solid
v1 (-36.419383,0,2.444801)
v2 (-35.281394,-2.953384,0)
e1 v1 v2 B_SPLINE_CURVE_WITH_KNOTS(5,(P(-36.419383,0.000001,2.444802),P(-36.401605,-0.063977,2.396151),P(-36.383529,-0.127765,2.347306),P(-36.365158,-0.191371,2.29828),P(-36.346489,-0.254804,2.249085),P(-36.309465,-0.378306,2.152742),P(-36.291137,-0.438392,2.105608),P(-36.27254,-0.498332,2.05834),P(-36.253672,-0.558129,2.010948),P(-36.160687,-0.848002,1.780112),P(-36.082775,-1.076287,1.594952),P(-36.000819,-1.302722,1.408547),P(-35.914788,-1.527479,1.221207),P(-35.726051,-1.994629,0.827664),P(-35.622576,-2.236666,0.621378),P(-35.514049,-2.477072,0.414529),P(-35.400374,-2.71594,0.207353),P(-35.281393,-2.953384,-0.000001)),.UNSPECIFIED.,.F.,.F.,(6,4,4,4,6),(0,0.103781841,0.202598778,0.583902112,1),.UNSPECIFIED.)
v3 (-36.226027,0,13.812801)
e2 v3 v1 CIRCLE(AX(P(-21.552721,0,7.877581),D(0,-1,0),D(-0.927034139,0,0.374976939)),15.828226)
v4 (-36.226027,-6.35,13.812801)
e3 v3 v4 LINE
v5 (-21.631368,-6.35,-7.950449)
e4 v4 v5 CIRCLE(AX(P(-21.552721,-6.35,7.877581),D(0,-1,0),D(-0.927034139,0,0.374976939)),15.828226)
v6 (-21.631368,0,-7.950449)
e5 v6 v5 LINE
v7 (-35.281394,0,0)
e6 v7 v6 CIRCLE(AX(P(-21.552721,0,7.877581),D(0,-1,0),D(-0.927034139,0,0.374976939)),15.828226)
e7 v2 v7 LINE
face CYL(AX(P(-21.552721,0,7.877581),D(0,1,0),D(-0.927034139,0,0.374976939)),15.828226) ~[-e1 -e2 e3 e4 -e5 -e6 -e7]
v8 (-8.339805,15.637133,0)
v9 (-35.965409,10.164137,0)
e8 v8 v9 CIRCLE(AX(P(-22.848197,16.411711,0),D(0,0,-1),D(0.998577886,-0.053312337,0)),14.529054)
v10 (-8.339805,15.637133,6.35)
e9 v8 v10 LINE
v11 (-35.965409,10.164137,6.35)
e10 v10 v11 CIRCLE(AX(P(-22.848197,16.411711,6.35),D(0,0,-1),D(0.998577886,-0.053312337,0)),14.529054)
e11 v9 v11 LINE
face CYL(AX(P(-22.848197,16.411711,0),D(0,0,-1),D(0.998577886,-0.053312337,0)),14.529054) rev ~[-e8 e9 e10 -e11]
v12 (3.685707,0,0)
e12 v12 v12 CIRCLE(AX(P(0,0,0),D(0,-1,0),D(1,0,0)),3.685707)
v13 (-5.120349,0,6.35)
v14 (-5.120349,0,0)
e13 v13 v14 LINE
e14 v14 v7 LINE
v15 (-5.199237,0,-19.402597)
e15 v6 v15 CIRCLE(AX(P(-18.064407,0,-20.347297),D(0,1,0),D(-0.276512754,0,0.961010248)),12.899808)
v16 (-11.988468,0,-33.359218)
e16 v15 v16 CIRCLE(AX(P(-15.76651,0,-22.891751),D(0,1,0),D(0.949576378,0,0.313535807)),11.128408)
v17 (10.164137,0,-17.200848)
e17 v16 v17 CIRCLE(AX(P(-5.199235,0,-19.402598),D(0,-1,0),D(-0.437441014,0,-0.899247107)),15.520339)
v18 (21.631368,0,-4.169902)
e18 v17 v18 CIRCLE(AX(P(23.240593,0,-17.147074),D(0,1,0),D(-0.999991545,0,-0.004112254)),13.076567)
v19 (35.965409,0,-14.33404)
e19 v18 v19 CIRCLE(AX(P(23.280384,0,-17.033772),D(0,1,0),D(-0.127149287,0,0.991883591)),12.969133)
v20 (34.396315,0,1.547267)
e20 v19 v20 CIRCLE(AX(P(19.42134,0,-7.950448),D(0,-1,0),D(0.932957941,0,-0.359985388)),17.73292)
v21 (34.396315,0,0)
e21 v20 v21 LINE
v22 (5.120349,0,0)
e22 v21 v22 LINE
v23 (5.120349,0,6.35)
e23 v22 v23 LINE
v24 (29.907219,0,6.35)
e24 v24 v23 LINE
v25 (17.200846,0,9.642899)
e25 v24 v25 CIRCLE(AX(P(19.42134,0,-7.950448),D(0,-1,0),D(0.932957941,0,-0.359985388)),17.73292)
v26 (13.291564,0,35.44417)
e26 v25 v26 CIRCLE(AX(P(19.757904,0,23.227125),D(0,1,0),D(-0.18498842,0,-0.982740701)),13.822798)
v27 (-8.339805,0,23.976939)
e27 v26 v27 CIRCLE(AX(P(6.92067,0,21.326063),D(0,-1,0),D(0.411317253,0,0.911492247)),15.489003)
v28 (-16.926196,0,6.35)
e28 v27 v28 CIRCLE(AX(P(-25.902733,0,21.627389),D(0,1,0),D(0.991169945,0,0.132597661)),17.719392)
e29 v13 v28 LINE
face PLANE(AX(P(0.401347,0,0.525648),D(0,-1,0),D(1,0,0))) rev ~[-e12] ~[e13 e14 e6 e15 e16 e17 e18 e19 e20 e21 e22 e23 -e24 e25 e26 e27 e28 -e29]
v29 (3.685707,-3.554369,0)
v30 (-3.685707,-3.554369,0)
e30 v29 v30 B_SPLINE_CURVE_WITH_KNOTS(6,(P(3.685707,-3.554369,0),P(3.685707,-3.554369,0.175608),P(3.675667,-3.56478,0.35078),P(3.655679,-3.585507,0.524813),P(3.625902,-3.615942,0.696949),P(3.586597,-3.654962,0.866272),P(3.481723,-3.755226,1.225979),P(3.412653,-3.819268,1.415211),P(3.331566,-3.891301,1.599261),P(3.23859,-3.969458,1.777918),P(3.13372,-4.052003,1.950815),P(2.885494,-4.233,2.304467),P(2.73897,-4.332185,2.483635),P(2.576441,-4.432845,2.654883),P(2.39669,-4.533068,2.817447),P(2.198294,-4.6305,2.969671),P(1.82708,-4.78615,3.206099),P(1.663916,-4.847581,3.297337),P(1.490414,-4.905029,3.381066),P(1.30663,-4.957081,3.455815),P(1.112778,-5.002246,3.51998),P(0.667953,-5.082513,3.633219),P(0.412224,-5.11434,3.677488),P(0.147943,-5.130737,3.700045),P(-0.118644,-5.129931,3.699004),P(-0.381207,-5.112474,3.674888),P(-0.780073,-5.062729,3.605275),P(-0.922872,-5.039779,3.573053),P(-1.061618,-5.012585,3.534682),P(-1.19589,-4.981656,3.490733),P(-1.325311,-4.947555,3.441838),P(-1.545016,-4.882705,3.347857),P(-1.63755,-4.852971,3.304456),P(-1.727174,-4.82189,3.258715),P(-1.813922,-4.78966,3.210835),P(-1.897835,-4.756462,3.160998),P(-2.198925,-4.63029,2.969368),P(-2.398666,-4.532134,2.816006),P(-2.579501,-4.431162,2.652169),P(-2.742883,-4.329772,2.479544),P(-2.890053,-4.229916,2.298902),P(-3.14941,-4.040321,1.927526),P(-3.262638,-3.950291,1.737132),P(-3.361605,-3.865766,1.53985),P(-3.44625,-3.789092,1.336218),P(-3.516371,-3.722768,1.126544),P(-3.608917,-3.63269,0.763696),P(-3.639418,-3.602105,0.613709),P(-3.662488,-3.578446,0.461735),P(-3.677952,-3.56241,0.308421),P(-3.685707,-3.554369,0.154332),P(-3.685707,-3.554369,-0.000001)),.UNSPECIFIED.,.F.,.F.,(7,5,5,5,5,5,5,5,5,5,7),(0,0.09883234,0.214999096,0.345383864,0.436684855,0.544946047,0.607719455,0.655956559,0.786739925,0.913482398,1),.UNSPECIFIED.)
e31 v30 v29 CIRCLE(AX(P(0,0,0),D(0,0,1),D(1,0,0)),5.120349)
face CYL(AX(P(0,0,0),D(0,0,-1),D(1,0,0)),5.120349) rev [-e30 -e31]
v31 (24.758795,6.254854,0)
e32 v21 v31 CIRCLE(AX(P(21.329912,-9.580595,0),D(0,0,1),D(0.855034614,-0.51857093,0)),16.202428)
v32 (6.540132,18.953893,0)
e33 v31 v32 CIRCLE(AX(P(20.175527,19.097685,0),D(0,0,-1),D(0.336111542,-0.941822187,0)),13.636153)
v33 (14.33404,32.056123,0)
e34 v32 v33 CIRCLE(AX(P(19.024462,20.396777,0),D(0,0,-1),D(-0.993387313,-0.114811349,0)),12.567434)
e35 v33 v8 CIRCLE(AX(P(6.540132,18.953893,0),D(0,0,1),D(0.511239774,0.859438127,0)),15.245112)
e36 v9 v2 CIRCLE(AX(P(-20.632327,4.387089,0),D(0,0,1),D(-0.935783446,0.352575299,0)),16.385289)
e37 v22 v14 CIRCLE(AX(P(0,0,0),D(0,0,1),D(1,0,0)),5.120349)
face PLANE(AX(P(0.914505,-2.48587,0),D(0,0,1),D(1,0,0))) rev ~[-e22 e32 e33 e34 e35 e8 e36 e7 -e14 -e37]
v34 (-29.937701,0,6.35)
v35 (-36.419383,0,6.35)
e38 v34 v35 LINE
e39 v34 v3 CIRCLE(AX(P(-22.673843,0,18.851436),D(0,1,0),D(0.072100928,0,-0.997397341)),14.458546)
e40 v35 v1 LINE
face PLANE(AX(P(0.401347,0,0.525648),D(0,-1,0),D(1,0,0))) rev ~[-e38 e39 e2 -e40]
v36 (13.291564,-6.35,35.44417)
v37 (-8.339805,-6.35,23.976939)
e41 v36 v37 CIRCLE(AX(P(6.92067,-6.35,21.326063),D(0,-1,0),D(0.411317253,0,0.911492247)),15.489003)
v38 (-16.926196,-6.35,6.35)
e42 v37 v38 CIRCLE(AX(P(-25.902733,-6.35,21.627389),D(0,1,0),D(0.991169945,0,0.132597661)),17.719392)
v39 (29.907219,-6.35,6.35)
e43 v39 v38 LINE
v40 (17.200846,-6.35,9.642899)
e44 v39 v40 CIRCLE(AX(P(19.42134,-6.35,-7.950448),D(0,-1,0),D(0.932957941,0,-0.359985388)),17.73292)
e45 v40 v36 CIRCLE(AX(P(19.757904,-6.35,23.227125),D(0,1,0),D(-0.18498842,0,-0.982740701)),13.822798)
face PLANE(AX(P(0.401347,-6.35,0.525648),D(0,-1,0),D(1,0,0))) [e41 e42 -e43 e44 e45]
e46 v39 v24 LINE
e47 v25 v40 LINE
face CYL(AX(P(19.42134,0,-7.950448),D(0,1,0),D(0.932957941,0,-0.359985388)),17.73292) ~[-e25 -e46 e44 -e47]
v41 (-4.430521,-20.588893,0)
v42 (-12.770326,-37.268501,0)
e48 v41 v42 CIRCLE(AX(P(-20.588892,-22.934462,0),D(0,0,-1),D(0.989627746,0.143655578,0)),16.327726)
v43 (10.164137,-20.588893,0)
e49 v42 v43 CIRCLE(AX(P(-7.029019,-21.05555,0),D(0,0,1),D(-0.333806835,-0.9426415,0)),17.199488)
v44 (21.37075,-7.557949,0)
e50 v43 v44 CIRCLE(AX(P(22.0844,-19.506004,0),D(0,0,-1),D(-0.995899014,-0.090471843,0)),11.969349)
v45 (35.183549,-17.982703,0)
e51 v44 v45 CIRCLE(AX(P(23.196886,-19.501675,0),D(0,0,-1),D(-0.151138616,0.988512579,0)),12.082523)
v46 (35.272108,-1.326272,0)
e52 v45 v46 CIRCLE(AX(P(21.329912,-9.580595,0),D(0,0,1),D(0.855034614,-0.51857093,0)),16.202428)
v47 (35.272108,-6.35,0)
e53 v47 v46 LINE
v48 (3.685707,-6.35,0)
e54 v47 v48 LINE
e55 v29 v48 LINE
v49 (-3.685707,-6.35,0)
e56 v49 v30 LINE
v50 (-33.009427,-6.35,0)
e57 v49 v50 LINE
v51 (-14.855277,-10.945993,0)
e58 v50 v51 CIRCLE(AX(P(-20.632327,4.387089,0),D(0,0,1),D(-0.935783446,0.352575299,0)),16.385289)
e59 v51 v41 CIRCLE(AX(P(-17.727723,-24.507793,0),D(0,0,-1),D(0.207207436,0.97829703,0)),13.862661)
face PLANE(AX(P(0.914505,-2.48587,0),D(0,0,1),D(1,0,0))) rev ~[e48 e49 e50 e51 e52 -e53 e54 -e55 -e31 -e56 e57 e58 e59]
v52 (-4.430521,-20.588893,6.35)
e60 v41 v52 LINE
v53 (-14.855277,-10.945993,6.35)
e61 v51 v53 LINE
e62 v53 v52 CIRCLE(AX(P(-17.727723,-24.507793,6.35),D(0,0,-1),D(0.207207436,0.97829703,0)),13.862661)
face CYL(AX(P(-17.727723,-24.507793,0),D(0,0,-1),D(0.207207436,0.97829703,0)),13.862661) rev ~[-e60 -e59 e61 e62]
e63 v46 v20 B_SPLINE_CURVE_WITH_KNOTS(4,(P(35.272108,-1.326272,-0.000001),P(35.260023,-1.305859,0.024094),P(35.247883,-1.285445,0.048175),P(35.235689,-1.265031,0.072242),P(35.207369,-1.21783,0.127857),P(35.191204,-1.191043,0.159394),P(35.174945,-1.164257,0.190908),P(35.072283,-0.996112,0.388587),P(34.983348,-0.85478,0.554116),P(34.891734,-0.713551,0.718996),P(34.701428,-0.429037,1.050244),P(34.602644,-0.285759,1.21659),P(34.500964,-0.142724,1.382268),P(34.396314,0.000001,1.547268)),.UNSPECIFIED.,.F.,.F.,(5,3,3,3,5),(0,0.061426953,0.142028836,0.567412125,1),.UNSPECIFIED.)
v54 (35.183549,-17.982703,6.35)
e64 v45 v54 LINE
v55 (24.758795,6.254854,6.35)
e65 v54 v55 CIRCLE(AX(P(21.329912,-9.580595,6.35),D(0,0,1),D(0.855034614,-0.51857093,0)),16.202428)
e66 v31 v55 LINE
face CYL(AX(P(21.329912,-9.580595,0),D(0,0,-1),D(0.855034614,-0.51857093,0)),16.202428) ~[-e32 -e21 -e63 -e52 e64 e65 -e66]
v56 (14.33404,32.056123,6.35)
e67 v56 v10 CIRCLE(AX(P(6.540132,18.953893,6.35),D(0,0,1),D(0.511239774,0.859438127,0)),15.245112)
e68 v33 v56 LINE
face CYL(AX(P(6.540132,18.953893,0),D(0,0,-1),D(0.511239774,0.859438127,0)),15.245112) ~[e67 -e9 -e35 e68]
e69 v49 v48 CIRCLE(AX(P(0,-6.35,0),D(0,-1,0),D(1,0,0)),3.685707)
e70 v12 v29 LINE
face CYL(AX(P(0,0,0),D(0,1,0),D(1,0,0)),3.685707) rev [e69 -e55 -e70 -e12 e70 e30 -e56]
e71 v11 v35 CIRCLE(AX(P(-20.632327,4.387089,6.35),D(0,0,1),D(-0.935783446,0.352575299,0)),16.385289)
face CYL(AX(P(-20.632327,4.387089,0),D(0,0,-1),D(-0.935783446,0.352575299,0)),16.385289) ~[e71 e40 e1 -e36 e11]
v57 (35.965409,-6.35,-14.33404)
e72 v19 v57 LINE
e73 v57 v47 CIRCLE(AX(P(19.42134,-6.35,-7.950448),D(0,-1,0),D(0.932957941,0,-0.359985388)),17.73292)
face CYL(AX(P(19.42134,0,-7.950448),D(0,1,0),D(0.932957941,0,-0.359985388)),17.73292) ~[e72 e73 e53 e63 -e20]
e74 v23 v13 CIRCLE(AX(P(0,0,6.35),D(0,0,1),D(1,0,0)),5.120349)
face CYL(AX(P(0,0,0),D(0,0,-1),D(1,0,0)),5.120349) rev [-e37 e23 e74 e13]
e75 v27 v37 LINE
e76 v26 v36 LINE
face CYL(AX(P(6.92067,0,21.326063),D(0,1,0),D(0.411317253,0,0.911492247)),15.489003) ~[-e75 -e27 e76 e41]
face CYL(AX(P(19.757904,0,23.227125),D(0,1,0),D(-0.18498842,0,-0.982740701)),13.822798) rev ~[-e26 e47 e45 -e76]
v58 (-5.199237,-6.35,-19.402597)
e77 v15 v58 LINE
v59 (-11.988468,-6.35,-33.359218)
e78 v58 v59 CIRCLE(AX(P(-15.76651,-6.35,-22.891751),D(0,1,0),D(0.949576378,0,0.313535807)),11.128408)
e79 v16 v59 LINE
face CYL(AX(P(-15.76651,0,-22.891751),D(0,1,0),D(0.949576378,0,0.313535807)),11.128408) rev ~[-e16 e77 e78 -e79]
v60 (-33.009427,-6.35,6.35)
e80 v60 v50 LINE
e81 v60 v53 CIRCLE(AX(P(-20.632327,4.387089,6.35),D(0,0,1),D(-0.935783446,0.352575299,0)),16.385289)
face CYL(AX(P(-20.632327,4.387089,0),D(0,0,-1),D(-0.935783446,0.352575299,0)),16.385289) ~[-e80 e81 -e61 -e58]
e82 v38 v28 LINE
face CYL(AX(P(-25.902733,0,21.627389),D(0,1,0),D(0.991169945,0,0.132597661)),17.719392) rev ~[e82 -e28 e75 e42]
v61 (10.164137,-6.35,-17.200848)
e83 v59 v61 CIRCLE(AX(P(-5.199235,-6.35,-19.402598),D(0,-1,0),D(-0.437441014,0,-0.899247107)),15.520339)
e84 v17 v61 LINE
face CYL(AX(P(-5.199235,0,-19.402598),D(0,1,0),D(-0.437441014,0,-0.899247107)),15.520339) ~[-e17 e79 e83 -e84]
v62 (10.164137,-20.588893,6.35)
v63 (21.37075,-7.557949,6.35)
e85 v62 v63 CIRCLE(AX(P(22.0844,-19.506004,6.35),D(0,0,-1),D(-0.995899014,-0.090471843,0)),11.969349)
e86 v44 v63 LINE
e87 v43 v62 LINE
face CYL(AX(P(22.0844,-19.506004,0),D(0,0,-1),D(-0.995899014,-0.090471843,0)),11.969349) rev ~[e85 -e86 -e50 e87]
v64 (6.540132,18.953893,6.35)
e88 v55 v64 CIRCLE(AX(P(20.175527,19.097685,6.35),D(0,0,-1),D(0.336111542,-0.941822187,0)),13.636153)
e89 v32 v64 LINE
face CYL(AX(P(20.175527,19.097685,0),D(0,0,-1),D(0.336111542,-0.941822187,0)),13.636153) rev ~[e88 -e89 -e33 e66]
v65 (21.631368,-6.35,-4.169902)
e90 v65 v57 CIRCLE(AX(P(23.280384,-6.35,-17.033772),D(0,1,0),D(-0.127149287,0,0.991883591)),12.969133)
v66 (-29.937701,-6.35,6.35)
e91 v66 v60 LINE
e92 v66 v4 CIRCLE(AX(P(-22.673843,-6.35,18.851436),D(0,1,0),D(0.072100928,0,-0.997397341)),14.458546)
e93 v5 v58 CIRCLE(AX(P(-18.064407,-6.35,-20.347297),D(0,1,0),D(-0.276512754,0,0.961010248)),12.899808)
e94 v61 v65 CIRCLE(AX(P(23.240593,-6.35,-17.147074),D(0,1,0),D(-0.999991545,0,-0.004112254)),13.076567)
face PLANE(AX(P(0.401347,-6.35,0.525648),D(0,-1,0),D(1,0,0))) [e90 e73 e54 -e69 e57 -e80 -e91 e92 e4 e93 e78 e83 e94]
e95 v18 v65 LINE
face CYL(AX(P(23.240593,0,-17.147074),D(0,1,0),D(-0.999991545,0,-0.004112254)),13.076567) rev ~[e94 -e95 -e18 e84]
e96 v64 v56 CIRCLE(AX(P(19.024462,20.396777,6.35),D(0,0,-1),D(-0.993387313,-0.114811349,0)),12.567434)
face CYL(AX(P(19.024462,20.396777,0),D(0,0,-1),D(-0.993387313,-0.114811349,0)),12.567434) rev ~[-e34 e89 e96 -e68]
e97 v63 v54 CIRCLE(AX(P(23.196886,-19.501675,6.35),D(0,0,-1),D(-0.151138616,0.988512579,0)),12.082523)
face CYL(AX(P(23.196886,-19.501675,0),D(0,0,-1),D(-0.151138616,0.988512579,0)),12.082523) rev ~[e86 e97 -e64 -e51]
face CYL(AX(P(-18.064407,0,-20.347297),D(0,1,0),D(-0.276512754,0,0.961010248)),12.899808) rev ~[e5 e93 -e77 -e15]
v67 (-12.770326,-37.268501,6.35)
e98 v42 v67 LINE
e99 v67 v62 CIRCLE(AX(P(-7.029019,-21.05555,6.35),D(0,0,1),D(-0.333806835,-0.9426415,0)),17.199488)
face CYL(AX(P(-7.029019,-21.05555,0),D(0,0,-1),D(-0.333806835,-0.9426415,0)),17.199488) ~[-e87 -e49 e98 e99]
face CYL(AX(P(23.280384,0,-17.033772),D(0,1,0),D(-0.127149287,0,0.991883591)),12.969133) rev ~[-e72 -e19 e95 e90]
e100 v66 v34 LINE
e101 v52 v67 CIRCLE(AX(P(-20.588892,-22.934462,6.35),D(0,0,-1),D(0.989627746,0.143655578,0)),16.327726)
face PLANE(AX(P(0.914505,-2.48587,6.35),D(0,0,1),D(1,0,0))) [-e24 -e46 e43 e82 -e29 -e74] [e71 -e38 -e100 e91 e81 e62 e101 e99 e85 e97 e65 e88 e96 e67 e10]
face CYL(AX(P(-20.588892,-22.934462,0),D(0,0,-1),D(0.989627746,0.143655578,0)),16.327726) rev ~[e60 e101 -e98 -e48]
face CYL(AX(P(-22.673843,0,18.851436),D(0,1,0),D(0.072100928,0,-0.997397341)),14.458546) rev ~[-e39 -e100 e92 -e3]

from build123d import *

# Parameters (mm, degrees)
F0_R     = 3.685707
F1_DEPTH = 6.35
F2_R     = 5.120349
F3_DEPTH = 6.35


with BuildPart() as f1:
    # F0 (on Front) → F1 (new body)
    with BuildSketch(Plane.XZ):
        with BuildLine():
            ThreePointArc((17.200846, 9.642899), (6.091089, 21.156396), (13.291564, 35.44417))
            ThreePointArc((13.291564, 35.44417), (-0.334019, 35.011045), (-8.339805, 23.976939))
            ThreePointArc((-8.339805, 23.976939), (-11.250098, 11.663599), (-21.631368, 4.430521))
            ThreePointArc((-21.631368, 4.430521), (-30.49241, 6.689218), (-36.226027, 13.812801))
            ThreePointArc((-36.226027, 13.812801), (-34.698625, -0.938197), (-21.631368, -7.950449))
            ThreePointArc((-21.631368, -7.950449), (-10.688629, -9.764152), (-5.199237, -19.402597))
            ThreePointArc((-5.199237, -19.402597), (-5.759321, -27.759772), (-11.988468, -33.359218))
            ThreePointArc((-11.988468, -33.359218), (3.946922, -31.941686), (10.164137, -17.200848))
            ThreePointArc((10.164137, -17.200848), (13.423837, -8.50833), (21.631368, -4.169902))
            ThreePointArc((21.631368, -4.169902), (30.782104, -6.454424), (35.965409, -14.33404))
            ThreePointArc((35.965409, -14.33404), (33.386103, 2.978498), (17.200846, 9.642899))
        make_face()
        Circle(F0_R, mode=Mode.SUBTRACT)
    extrude(amount=F1_DEPTH)

    # F2 (on Top) → F3 (join)
    with BuildSketch(Plane.XY):
        with BuildLine():
            ThreePointArc((-8.339805, 15.637133), (-20.024677, 2.159653), (-35.965409, 10.164137))
            ThreePointArc((-35.965409, 10.164137), (-32.218475, -7.199061), (-14.855277, -10.945993))
            ThreePointArc((-14.855277, -10.945993), (-8.314394, -14.331222), (-4.430521, -20.588893))
            ThreePointArc((-4.430521, -20.588893), (-5.98493, -30.236444), (-12.770326, -37.268501))
            ThreePointArc((-12.770326, -37.268501), (3.087232, -34.965397), (10.164137, -20.588893))
            ThreePointArc((10.164137, -20.588893), (13.009417, -11.701518), (21.37075, -7.557949))
            ThreePointArc((21.37075, -7.557949), (30.475481, -9.857536), (35.183549, -17.982703))
            ThreePointArc((35.183549, -17.982703), (36.214003, -3.178836), (24.758795, 6.254854))
            ThreePointArc((24.758795, 6.254854), (12.377986, 7.910951), (6.540132, 18.953893))
            ThreePointArc((6.540132, 18.953893), (8.22353, 26.82175), (14.33404, 32.056123))
            ThreePointArc((14.33404, 32.056123), (-2.401275, 31.301551), (-8.339805, 15.637133))
        make_face()
        Circle(F2_R, mode=Mode.SUBTRACT)
    extrude(amount=F3_DEPTH)


solid = f1.part
